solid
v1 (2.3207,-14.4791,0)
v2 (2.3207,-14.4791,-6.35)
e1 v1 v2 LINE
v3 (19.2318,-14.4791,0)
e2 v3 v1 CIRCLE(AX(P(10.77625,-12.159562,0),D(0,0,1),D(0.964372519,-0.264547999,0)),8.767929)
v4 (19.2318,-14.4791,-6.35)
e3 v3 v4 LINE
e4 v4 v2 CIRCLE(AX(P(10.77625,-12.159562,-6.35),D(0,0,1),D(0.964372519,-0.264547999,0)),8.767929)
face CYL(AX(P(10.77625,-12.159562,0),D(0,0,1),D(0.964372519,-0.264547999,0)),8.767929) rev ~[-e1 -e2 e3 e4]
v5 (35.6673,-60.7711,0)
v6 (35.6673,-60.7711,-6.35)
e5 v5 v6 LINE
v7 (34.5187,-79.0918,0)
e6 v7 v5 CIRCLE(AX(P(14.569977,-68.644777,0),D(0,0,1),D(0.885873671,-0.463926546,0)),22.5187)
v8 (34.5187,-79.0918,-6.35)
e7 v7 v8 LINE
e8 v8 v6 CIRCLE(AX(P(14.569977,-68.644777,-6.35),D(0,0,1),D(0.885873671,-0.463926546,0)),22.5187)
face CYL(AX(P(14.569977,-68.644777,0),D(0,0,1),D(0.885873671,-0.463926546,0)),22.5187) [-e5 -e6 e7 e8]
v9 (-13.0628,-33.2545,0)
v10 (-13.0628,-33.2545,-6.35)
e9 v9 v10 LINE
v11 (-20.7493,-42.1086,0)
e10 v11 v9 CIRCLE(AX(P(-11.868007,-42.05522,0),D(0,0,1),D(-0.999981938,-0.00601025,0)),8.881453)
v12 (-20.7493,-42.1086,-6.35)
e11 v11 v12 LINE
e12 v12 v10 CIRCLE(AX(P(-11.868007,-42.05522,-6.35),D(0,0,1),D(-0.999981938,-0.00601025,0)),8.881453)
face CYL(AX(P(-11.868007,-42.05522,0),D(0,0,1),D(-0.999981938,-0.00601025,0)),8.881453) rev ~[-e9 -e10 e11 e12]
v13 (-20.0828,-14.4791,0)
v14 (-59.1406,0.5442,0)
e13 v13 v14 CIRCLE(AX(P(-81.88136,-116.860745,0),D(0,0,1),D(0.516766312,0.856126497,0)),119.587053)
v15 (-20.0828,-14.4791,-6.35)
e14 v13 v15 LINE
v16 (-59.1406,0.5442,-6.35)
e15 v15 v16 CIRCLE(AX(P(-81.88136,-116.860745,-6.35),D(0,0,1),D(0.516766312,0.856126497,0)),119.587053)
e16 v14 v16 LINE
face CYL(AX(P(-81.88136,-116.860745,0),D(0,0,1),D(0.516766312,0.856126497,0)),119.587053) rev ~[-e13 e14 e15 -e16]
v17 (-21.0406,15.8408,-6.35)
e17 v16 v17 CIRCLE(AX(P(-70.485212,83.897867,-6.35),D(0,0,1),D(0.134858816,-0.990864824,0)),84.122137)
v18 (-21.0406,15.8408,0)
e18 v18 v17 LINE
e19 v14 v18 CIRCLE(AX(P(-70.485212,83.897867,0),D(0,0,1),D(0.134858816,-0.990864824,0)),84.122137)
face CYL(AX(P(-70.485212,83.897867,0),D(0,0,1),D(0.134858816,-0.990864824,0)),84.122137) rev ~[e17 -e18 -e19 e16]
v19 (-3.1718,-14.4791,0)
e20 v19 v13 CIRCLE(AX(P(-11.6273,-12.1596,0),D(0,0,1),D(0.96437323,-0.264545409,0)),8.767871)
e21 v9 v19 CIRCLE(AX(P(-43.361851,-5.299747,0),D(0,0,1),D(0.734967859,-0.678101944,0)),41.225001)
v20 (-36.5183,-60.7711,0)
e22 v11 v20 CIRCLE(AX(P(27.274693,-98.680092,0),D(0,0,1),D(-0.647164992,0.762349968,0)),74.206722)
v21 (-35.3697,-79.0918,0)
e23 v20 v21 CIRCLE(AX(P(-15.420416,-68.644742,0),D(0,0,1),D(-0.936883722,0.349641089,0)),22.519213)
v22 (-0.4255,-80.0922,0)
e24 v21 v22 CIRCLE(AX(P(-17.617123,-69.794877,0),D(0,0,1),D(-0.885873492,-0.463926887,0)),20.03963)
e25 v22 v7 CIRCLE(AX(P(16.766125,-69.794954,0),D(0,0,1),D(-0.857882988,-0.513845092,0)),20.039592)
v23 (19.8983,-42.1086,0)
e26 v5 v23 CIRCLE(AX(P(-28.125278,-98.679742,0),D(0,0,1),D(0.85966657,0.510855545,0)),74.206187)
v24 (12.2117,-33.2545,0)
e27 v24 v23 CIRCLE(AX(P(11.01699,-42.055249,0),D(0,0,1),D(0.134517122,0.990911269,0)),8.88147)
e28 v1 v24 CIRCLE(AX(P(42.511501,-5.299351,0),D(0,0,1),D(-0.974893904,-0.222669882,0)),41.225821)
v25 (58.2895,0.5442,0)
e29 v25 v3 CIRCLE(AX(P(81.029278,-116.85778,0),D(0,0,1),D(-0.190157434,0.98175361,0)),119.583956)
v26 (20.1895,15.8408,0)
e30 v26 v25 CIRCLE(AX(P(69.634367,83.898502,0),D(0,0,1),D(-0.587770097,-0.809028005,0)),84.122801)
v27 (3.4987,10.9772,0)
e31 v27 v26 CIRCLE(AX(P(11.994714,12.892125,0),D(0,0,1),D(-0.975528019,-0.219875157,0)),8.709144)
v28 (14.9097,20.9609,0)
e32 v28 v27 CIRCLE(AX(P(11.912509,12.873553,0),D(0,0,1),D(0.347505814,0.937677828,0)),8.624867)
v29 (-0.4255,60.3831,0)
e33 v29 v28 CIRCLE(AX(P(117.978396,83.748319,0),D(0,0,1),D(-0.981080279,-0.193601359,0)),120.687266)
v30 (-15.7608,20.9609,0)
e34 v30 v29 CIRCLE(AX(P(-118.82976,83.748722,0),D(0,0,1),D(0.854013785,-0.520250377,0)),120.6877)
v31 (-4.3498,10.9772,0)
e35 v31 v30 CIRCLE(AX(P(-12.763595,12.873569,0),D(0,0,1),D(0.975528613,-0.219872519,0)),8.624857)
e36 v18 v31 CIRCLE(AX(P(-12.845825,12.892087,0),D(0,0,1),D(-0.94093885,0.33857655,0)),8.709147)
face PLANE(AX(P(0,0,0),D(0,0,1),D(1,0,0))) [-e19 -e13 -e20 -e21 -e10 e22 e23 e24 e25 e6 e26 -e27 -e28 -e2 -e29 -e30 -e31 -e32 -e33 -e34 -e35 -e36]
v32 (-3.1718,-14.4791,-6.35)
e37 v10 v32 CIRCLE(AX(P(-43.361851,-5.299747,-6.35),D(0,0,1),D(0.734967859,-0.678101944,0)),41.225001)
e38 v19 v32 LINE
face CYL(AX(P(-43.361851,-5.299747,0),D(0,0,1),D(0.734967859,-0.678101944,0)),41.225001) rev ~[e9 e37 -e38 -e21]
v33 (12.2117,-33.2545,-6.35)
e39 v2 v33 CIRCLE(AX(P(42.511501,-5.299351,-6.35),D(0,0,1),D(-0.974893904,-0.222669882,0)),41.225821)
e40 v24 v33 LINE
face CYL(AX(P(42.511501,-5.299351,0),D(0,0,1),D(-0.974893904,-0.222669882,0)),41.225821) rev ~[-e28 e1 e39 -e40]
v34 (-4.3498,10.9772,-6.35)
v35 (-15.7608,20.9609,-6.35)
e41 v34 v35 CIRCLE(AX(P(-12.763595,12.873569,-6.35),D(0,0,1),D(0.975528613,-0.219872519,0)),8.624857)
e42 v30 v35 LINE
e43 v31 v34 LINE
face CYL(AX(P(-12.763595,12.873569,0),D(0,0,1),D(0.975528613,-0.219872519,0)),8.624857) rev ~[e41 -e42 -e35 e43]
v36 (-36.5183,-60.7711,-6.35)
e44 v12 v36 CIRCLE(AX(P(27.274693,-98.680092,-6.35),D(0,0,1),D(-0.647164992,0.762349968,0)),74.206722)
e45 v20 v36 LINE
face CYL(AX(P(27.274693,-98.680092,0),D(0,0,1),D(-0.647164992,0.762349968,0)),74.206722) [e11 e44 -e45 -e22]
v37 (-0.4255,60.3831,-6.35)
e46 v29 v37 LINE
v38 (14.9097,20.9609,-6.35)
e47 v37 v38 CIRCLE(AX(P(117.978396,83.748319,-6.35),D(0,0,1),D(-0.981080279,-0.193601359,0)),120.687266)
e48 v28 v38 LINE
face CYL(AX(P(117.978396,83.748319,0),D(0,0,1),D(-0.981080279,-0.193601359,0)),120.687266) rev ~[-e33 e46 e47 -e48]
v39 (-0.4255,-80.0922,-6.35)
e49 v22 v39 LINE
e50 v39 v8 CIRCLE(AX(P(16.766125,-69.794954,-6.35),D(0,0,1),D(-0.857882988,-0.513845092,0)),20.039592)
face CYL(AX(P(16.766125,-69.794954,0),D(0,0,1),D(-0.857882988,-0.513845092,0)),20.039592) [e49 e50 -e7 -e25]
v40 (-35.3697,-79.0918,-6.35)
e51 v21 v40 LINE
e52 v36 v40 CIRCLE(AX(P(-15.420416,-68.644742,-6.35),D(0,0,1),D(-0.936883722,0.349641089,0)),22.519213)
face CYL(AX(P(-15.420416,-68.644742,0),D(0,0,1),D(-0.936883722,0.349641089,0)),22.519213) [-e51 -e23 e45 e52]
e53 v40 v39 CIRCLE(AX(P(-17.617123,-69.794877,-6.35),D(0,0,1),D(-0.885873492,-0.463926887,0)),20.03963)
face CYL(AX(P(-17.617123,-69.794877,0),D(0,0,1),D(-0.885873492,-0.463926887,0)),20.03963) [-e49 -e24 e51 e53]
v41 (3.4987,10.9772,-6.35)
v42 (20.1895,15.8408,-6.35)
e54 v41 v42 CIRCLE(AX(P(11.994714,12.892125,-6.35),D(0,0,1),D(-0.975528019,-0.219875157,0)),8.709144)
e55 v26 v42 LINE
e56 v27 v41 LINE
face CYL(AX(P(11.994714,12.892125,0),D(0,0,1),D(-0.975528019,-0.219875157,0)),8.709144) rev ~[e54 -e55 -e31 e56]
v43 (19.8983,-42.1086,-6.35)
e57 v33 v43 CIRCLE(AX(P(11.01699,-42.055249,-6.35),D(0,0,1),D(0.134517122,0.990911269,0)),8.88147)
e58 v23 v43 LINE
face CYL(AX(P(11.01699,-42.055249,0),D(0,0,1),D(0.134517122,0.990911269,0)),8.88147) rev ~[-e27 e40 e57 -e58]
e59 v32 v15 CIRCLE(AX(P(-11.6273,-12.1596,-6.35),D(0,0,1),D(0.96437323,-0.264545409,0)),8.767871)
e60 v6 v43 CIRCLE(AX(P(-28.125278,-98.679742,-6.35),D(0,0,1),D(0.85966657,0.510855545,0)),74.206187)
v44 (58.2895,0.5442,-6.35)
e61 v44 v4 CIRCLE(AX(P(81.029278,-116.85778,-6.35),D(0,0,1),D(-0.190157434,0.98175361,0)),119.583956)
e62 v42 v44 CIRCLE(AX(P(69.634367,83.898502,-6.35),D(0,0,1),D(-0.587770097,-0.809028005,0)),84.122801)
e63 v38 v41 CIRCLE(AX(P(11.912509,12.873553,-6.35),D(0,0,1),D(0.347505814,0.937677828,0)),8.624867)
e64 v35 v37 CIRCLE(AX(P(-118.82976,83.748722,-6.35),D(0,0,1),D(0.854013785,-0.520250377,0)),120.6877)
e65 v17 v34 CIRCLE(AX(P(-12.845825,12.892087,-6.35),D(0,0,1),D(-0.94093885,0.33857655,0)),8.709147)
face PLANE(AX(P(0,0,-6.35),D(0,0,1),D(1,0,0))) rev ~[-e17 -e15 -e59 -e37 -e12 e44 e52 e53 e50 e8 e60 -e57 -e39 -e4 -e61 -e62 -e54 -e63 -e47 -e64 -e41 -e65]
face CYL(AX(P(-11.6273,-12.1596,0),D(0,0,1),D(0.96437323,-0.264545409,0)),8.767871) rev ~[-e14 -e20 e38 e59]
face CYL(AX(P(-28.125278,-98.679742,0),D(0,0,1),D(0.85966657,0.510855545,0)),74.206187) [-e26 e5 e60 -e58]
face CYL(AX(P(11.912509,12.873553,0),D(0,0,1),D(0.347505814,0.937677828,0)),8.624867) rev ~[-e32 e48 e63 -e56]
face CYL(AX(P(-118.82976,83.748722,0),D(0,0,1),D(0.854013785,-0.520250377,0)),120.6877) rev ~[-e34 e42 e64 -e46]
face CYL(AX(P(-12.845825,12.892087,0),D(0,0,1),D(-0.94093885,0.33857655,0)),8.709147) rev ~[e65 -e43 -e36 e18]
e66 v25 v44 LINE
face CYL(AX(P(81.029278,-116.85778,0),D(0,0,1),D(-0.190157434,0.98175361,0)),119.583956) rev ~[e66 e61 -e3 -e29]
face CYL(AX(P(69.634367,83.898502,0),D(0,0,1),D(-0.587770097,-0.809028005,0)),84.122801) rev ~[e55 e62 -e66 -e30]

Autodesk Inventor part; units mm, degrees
ref_plane "YZ Plane" through (0, 0, 0) normal (1, 0, 0) x (0, 1, 0)
ref_plane "XZ Plane" through (0, 0, 0) normal (0, 1, 0) x (-1, 0, 0)
ref_plane "XY Plane" through (0, 0, 0) normal (0, 0, 1) x (1, 0, 0)
sketch "Sketch1" plane through (0, 0, 0) normal (0, 0, 1) x (1, 0, 0)
  line L0 (-63.3467, 63.7292) -> (61.9288, 63.7292) construction
  line L1 (61.9288, 63.7292) -> (61.9288, -93.0802) construction
  line L2 (61.9288, -93.0802) -> (-63.3467, -93.0802) construction
  line L3 (-63.3467, -93.0802) -> (-63.3467, 63.7292) construction
  line L4 (-0.4255, 162.4475) -> (-0.4255, -218.5525) construction
  line L5 (-278.9224, 0) -> (102.0776, 0) construction
  line L6 (-278.9224, 0) -> (-0.4255, 162.4475) construction
  arc A0 (58.2895, 0.5442) -> (19.2318, -14.4791) centre (81.0298, -116.8596) ccw
  arc A1 (20.1895, 15.8408) -> (58.2895, 0.5442) centre (69.6342, 83.8982) ccw
  arc A2 (3.4987, 10.9772) -> (20.1895, 15.8408) centre (11.9947, 12.8921) ccw
  arc A3 (14.9097, 20.9609) -> (3.4987, 10.9772) centre (11.9125, 12.8736) ccw
  arc A4 (-0.4255, 60.3831) -> (14.9097, 20.9609) centre (117.9773, 83.748) ccw
  arc A5 (-20.0828, -14.4791) -> (-59.1406, 0.5442) centre (-81.8808, -116.8596) ccw
  arc A6 (-59.1406, 0.5442) -> (-21.0406, 15.8408) centre (-70.4853, 83.8982) ccw
  arc A7 (-21.0406, 15.8408) -> (-4.3498, 10.9772) centre (-12.8458, 12.8921) ccw
  arc A8 (-4.3498, 10.9772) -> (-15.7608, 20.9609) centre (-12.7635, 12.8736) ccw
  arc A9 (-15.7608, 20.9609) -> (-0.4255, 60.3831) centre (-118.8283, 83.748) ccw
  arc A10 (-3.1718, -14.4791) -> (-20.0828, -14.4791) centre (-11.6273, -12.1596) ccw
  arc A11 (-20.7493, -42.1086) -> (-13.0628, -33.2545) centre (-11.868, -42.0552) ccw
  arc A12 (-13.0628, -33.2545) -> (-3.1718, -14.4791) centre (-43.3622, -5.2995) ccw
  arc A13 (-35.3697, -79.0918) -> (-0.4255, -80.0922) centre (-17.6172, -69.795) ccw
  arc A14 (-36.5183, -60.7711) -> (-35.3697, -79.0918) centre (-15.4207, -68.6447) ccw
  arc A15 (-20.7493, -42.1086) -> (-36.5183, -60.7711) centre (27.2745, -98.6799) ccw
  arc A16 (19.2318, -14.4791) -> (2.3207, -14.4791) centre (10.7762, -12.1596) ccw
  arc A17 (12.2117, -33.2545) -> (19.8983, -42.1086) centre (11.0169, -42.0552) ccw
  arc A18 (2.3207, -14.4791) -> (12.2117, -33.2545) centre (42.5111, -5.2995) ccw
  arc A19 (-0.4255, -80.0922) -> (34.5187, -79.0918) centre (16.7661, -69.795) ccw
  arc A20 (34.5187, -79.0918) -> (35.6673, -60.7711) centre (14.5697, -68.6447) ccw
  arc A21 (35.6673, -60.7711) -> (19.8983, -42.1086) centre (-28.1255, -98.6799) ccw
  point P0 (0, 0)
  point P1 (-15.8877, 20.9609)
  point P2 (3.8205, 5.0713)
  dimension "d3" = 381
  dimension "d6" = 381
  dimension "d11" = 38.1
extrude "Extrusion1" add sketch "Sketch1" against normal blind 6.35
properties part number "Nobody Emblem"
